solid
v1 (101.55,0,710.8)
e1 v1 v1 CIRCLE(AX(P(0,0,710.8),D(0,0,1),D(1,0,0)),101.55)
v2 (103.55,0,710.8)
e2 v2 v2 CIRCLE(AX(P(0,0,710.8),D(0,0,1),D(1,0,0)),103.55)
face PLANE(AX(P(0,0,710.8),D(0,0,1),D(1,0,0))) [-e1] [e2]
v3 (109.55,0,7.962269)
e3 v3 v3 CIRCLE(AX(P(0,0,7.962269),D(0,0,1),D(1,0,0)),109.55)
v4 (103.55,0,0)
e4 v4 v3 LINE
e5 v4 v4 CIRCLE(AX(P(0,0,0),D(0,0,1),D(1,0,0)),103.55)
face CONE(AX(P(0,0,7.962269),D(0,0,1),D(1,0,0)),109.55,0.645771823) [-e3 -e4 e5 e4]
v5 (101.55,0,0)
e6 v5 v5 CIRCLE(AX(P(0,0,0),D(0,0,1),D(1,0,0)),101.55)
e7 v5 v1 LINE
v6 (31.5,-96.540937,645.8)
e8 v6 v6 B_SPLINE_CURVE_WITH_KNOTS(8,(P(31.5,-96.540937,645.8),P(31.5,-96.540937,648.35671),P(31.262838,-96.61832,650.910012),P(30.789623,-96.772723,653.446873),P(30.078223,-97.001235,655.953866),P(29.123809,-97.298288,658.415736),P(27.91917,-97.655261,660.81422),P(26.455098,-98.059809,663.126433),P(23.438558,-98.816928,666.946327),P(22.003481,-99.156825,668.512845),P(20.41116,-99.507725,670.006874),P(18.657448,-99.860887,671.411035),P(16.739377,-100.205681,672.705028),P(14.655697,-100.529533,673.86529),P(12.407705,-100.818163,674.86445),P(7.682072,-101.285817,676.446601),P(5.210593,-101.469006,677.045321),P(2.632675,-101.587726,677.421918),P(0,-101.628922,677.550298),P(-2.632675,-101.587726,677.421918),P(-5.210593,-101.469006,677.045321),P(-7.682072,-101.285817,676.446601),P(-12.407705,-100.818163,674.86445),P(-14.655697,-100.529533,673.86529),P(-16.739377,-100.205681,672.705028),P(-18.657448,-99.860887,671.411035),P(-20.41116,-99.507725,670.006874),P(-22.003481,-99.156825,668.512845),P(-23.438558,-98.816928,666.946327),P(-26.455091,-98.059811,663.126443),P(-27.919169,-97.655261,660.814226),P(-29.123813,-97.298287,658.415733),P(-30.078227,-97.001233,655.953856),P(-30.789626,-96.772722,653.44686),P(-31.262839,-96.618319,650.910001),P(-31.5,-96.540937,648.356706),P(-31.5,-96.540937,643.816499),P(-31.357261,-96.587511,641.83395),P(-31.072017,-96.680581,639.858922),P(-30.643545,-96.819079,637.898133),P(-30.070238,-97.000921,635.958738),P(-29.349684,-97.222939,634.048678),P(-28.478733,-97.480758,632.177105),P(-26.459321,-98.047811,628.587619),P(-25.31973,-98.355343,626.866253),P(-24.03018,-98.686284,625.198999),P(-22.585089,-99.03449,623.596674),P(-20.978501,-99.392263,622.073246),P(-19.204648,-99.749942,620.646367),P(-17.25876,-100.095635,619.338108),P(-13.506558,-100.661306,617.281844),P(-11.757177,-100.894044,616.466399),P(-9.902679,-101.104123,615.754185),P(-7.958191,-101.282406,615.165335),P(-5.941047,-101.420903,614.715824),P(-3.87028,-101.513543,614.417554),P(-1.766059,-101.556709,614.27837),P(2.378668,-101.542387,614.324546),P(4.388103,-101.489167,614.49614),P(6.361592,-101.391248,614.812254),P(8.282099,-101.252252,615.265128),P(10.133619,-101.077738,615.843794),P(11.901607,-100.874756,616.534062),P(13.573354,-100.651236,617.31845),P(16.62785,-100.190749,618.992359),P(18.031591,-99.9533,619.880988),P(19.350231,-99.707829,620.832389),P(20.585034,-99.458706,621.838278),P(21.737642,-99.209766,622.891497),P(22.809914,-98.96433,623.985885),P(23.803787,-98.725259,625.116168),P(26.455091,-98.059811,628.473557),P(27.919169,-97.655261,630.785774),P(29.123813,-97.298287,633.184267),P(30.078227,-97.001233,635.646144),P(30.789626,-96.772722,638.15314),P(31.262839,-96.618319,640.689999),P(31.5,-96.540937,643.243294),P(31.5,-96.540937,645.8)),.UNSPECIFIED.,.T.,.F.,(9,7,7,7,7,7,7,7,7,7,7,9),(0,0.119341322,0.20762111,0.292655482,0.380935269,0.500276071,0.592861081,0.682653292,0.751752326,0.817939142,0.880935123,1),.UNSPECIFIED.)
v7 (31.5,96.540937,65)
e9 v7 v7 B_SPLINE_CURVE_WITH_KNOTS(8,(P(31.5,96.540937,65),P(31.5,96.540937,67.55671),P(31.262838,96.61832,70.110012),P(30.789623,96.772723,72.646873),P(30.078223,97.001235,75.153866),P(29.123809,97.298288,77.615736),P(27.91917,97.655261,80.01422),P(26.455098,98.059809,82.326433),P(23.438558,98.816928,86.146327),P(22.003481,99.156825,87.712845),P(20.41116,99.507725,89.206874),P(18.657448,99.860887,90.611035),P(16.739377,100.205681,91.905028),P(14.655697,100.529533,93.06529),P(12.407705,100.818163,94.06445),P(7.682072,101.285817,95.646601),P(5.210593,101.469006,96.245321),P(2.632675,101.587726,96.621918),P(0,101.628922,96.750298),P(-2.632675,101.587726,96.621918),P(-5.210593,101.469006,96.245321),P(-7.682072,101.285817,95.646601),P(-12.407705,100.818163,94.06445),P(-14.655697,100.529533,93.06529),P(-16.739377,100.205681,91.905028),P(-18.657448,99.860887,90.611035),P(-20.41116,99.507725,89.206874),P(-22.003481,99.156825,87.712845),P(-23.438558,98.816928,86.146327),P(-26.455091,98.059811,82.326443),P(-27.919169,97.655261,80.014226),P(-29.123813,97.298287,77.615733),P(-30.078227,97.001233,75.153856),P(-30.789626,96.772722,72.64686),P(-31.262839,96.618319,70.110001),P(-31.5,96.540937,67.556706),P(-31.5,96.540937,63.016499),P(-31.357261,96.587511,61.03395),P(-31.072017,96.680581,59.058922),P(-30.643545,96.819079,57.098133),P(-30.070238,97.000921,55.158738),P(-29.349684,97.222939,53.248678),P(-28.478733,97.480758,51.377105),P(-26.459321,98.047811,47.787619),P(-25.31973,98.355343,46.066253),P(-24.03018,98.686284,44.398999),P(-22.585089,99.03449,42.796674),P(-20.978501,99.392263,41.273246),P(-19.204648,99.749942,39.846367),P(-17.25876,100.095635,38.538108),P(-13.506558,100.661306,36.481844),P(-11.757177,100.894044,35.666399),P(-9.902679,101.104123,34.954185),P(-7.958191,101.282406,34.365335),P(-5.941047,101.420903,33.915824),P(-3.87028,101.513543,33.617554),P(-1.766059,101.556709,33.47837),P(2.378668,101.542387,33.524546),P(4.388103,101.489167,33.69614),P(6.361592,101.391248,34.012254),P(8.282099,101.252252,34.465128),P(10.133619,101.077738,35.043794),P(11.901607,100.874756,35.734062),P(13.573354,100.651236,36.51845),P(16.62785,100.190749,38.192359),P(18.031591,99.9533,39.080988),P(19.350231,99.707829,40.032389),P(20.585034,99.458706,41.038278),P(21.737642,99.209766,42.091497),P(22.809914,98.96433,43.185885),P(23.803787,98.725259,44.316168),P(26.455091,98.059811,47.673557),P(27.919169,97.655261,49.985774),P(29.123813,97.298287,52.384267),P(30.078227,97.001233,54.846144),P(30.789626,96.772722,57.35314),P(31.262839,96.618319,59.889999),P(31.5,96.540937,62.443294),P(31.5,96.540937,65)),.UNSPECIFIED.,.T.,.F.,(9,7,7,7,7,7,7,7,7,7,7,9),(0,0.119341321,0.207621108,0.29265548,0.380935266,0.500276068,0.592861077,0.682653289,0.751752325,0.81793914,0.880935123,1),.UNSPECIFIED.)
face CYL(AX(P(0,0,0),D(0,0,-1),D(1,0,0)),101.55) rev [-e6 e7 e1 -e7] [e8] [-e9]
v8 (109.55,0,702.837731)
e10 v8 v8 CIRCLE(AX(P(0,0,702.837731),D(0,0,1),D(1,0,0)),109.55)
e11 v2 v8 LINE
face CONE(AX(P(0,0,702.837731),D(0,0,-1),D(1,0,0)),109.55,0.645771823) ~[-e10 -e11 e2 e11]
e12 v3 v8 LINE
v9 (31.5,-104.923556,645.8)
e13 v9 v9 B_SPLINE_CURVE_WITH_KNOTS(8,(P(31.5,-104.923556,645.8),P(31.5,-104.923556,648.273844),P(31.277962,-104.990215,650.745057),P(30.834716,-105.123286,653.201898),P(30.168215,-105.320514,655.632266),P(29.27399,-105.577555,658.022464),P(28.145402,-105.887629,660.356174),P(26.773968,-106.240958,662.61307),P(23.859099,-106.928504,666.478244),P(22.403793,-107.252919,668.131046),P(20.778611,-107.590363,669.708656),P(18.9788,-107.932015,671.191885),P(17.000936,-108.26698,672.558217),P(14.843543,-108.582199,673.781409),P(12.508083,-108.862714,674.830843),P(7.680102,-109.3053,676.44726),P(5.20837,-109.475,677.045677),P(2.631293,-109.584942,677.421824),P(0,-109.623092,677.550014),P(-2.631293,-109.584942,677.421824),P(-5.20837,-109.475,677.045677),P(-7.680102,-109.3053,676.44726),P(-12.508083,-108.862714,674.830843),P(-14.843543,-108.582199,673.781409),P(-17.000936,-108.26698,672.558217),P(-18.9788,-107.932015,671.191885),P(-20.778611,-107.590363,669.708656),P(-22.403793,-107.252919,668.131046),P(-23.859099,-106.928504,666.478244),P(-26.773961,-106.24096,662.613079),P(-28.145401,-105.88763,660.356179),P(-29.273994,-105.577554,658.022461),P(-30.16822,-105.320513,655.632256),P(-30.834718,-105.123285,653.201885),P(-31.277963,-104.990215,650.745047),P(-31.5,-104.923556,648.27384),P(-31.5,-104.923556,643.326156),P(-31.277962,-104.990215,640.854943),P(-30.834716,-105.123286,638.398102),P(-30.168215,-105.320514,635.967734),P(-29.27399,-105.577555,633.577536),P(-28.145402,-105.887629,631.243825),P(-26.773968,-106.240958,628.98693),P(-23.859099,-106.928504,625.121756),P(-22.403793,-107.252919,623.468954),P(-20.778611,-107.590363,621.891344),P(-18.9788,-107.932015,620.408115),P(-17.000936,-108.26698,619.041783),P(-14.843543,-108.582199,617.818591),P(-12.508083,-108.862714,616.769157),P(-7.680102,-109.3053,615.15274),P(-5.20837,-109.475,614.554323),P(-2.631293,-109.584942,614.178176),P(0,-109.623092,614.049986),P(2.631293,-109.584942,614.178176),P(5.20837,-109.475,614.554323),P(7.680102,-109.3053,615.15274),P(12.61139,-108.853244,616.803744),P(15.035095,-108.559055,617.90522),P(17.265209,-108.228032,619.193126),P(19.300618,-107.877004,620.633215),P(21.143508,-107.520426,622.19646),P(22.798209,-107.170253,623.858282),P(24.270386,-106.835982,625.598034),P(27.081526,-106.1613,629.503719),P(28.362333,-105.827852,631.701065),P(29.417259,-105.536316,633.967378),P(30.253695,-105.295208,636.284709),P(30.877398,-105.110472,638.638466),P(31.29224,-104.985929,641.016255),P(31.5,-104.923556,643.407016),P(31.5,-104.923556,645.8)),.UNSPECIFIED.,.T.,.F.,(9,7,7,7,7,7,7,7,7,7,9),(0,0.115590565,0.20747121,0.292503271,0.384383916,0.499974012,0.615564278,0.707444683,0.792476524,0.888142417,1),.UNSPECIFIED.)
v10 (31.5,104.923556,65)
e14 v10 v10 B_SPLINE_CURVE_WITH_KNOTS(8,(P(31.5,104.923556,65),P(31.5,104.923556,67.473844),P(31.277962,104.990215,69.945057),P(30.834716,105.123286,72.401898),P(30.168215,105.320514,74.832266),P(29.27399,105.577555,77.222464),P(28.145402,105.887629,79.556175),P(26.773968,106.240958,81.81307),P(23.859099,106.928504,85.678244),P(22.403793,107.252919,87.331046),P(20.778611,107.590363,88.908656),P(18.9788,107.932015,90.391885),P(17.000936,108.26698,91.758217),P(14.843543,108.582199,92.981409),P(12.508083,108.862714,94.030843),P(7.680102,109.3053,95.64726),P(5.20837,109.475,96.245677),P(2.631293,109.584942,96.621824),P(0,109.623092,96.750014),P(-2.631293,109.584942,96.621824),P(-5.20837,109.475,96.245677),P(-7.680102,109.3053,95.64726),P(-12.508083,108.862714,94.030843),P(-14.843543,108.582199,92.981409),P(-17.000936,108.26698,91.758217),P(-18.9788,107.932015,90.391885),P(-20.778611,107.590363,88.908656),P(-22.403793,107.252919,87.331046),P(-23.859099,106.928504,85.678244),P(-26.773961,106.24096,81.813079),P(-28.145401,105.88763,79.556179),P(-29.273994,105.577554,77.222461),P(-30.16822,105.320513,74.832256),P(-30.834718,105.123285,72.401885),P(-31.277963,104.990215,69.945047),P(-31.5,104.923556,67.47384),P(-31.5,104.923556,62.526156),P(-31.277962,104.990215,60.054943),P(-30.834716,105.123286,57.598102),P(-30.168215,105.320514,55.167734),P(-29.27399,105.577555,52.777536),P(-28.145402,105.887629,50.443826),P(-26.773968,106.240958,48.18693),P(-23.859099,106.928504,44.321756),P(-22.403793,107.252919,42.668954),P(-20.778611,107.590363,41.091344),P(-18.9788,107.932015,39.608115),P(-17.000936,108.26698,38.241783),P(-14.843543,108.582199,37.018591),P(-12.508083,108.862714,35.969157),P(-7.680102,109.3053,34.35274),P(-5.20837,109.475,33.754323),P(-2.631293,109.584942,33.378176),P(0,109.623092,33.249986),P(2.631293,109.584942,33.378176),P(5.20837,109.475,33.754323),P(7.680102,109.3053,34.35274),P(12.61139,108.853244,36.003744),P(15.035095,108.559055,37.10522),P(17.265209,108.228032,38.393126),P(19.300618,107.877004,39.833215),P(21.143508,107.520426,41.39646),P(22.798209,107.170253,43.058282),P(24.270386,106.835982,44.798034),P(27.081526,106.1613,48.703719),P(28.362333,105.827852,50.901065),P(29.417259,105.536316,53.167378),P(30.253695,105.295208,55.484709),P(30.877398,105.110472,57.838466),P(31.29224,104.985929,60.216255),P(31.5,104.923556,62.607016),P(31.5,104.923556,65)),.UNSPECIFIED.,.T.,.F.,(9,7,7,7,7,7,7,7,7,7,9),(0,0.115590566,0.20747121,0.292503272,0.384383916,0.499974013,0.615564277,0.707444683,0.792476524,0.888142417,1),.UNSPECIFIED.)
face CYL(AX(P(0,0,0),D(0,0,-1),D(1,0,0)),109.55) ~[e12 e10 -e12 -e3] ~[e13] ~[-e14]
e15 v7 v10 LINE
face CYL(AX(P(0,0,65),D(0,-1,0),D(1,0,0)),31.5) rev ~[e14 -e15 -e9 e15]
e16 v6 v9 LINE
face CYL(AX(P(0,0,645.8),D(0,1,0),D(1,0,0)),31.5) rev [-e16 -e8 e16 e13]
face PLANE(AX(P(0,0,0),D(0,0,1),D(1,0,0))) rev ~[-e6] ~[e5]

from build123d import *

# Parameters (mm, degrees)
F0_R       = 109.55
F0_R_2     = 101.55
F1_DEPTH   = 710.8
F2_SIZE2   = 7.9622689297
F2_SIZE    = 6
F2_2_SIZE2 = 7.9622689297
F2_2_SIZE  = 6
F3_R       = 31.5
F4_DEPTH   = 109.551
F5_DEPTH   = 109.5510001


with BuildPart() as f1:
    # F0 (on Top) → F1 (new body)
    with BuildSketch(Plane.XY):
        Circle(F0_R)
        Circle(F0_R_2, mode=Mode.SUBTRACT)
    extrude(amount=F1_DEPTH)

    # F2
    f2_edges = [f1.edges().sort_by_distance(p)[0] for p in [
        (-109.55, 0, 710.8),
    ]]
    f2_side = f1.faces().sort_by_distance((-106.451458, 0, 710.8))[0]
    chamfer(f2_edges, length=F2_SIZE, length2=F2_SIZE2, reference=f2_side)

    # F2#2
    f2_2_edges = [f1.edges().sort_by_distance(p)[0] for p in [
        (-109.55, 0, 0),
    ]]
    f2_2_side = f1.faces().sort_by_distance((-106.451458, 0, 0))[0]
    chamfer(f2_2_edges, length=F2_2_SIZE, length2=F2_2_SIZE2, reference=f2_2_side)

    # F3 (on Front) → F4 (cut, through all)
    with BuildSketch(Plane.XZ):
        with Locations((0, 645.8)):
            Circle(F3_R)
    extrude(amount=F4_DEPTH, mode=Mode.SUBTRACT)

    # F3 (on Front) → F5 (cut, through all)
    with BuildSketch(Plane.XZ):
        with Locations((0, 65)):
            Circle(F3_R)
    extrude(amount=-F5_DEPTH, mode=Mode.SUBTRACT)


solid = f1.part
